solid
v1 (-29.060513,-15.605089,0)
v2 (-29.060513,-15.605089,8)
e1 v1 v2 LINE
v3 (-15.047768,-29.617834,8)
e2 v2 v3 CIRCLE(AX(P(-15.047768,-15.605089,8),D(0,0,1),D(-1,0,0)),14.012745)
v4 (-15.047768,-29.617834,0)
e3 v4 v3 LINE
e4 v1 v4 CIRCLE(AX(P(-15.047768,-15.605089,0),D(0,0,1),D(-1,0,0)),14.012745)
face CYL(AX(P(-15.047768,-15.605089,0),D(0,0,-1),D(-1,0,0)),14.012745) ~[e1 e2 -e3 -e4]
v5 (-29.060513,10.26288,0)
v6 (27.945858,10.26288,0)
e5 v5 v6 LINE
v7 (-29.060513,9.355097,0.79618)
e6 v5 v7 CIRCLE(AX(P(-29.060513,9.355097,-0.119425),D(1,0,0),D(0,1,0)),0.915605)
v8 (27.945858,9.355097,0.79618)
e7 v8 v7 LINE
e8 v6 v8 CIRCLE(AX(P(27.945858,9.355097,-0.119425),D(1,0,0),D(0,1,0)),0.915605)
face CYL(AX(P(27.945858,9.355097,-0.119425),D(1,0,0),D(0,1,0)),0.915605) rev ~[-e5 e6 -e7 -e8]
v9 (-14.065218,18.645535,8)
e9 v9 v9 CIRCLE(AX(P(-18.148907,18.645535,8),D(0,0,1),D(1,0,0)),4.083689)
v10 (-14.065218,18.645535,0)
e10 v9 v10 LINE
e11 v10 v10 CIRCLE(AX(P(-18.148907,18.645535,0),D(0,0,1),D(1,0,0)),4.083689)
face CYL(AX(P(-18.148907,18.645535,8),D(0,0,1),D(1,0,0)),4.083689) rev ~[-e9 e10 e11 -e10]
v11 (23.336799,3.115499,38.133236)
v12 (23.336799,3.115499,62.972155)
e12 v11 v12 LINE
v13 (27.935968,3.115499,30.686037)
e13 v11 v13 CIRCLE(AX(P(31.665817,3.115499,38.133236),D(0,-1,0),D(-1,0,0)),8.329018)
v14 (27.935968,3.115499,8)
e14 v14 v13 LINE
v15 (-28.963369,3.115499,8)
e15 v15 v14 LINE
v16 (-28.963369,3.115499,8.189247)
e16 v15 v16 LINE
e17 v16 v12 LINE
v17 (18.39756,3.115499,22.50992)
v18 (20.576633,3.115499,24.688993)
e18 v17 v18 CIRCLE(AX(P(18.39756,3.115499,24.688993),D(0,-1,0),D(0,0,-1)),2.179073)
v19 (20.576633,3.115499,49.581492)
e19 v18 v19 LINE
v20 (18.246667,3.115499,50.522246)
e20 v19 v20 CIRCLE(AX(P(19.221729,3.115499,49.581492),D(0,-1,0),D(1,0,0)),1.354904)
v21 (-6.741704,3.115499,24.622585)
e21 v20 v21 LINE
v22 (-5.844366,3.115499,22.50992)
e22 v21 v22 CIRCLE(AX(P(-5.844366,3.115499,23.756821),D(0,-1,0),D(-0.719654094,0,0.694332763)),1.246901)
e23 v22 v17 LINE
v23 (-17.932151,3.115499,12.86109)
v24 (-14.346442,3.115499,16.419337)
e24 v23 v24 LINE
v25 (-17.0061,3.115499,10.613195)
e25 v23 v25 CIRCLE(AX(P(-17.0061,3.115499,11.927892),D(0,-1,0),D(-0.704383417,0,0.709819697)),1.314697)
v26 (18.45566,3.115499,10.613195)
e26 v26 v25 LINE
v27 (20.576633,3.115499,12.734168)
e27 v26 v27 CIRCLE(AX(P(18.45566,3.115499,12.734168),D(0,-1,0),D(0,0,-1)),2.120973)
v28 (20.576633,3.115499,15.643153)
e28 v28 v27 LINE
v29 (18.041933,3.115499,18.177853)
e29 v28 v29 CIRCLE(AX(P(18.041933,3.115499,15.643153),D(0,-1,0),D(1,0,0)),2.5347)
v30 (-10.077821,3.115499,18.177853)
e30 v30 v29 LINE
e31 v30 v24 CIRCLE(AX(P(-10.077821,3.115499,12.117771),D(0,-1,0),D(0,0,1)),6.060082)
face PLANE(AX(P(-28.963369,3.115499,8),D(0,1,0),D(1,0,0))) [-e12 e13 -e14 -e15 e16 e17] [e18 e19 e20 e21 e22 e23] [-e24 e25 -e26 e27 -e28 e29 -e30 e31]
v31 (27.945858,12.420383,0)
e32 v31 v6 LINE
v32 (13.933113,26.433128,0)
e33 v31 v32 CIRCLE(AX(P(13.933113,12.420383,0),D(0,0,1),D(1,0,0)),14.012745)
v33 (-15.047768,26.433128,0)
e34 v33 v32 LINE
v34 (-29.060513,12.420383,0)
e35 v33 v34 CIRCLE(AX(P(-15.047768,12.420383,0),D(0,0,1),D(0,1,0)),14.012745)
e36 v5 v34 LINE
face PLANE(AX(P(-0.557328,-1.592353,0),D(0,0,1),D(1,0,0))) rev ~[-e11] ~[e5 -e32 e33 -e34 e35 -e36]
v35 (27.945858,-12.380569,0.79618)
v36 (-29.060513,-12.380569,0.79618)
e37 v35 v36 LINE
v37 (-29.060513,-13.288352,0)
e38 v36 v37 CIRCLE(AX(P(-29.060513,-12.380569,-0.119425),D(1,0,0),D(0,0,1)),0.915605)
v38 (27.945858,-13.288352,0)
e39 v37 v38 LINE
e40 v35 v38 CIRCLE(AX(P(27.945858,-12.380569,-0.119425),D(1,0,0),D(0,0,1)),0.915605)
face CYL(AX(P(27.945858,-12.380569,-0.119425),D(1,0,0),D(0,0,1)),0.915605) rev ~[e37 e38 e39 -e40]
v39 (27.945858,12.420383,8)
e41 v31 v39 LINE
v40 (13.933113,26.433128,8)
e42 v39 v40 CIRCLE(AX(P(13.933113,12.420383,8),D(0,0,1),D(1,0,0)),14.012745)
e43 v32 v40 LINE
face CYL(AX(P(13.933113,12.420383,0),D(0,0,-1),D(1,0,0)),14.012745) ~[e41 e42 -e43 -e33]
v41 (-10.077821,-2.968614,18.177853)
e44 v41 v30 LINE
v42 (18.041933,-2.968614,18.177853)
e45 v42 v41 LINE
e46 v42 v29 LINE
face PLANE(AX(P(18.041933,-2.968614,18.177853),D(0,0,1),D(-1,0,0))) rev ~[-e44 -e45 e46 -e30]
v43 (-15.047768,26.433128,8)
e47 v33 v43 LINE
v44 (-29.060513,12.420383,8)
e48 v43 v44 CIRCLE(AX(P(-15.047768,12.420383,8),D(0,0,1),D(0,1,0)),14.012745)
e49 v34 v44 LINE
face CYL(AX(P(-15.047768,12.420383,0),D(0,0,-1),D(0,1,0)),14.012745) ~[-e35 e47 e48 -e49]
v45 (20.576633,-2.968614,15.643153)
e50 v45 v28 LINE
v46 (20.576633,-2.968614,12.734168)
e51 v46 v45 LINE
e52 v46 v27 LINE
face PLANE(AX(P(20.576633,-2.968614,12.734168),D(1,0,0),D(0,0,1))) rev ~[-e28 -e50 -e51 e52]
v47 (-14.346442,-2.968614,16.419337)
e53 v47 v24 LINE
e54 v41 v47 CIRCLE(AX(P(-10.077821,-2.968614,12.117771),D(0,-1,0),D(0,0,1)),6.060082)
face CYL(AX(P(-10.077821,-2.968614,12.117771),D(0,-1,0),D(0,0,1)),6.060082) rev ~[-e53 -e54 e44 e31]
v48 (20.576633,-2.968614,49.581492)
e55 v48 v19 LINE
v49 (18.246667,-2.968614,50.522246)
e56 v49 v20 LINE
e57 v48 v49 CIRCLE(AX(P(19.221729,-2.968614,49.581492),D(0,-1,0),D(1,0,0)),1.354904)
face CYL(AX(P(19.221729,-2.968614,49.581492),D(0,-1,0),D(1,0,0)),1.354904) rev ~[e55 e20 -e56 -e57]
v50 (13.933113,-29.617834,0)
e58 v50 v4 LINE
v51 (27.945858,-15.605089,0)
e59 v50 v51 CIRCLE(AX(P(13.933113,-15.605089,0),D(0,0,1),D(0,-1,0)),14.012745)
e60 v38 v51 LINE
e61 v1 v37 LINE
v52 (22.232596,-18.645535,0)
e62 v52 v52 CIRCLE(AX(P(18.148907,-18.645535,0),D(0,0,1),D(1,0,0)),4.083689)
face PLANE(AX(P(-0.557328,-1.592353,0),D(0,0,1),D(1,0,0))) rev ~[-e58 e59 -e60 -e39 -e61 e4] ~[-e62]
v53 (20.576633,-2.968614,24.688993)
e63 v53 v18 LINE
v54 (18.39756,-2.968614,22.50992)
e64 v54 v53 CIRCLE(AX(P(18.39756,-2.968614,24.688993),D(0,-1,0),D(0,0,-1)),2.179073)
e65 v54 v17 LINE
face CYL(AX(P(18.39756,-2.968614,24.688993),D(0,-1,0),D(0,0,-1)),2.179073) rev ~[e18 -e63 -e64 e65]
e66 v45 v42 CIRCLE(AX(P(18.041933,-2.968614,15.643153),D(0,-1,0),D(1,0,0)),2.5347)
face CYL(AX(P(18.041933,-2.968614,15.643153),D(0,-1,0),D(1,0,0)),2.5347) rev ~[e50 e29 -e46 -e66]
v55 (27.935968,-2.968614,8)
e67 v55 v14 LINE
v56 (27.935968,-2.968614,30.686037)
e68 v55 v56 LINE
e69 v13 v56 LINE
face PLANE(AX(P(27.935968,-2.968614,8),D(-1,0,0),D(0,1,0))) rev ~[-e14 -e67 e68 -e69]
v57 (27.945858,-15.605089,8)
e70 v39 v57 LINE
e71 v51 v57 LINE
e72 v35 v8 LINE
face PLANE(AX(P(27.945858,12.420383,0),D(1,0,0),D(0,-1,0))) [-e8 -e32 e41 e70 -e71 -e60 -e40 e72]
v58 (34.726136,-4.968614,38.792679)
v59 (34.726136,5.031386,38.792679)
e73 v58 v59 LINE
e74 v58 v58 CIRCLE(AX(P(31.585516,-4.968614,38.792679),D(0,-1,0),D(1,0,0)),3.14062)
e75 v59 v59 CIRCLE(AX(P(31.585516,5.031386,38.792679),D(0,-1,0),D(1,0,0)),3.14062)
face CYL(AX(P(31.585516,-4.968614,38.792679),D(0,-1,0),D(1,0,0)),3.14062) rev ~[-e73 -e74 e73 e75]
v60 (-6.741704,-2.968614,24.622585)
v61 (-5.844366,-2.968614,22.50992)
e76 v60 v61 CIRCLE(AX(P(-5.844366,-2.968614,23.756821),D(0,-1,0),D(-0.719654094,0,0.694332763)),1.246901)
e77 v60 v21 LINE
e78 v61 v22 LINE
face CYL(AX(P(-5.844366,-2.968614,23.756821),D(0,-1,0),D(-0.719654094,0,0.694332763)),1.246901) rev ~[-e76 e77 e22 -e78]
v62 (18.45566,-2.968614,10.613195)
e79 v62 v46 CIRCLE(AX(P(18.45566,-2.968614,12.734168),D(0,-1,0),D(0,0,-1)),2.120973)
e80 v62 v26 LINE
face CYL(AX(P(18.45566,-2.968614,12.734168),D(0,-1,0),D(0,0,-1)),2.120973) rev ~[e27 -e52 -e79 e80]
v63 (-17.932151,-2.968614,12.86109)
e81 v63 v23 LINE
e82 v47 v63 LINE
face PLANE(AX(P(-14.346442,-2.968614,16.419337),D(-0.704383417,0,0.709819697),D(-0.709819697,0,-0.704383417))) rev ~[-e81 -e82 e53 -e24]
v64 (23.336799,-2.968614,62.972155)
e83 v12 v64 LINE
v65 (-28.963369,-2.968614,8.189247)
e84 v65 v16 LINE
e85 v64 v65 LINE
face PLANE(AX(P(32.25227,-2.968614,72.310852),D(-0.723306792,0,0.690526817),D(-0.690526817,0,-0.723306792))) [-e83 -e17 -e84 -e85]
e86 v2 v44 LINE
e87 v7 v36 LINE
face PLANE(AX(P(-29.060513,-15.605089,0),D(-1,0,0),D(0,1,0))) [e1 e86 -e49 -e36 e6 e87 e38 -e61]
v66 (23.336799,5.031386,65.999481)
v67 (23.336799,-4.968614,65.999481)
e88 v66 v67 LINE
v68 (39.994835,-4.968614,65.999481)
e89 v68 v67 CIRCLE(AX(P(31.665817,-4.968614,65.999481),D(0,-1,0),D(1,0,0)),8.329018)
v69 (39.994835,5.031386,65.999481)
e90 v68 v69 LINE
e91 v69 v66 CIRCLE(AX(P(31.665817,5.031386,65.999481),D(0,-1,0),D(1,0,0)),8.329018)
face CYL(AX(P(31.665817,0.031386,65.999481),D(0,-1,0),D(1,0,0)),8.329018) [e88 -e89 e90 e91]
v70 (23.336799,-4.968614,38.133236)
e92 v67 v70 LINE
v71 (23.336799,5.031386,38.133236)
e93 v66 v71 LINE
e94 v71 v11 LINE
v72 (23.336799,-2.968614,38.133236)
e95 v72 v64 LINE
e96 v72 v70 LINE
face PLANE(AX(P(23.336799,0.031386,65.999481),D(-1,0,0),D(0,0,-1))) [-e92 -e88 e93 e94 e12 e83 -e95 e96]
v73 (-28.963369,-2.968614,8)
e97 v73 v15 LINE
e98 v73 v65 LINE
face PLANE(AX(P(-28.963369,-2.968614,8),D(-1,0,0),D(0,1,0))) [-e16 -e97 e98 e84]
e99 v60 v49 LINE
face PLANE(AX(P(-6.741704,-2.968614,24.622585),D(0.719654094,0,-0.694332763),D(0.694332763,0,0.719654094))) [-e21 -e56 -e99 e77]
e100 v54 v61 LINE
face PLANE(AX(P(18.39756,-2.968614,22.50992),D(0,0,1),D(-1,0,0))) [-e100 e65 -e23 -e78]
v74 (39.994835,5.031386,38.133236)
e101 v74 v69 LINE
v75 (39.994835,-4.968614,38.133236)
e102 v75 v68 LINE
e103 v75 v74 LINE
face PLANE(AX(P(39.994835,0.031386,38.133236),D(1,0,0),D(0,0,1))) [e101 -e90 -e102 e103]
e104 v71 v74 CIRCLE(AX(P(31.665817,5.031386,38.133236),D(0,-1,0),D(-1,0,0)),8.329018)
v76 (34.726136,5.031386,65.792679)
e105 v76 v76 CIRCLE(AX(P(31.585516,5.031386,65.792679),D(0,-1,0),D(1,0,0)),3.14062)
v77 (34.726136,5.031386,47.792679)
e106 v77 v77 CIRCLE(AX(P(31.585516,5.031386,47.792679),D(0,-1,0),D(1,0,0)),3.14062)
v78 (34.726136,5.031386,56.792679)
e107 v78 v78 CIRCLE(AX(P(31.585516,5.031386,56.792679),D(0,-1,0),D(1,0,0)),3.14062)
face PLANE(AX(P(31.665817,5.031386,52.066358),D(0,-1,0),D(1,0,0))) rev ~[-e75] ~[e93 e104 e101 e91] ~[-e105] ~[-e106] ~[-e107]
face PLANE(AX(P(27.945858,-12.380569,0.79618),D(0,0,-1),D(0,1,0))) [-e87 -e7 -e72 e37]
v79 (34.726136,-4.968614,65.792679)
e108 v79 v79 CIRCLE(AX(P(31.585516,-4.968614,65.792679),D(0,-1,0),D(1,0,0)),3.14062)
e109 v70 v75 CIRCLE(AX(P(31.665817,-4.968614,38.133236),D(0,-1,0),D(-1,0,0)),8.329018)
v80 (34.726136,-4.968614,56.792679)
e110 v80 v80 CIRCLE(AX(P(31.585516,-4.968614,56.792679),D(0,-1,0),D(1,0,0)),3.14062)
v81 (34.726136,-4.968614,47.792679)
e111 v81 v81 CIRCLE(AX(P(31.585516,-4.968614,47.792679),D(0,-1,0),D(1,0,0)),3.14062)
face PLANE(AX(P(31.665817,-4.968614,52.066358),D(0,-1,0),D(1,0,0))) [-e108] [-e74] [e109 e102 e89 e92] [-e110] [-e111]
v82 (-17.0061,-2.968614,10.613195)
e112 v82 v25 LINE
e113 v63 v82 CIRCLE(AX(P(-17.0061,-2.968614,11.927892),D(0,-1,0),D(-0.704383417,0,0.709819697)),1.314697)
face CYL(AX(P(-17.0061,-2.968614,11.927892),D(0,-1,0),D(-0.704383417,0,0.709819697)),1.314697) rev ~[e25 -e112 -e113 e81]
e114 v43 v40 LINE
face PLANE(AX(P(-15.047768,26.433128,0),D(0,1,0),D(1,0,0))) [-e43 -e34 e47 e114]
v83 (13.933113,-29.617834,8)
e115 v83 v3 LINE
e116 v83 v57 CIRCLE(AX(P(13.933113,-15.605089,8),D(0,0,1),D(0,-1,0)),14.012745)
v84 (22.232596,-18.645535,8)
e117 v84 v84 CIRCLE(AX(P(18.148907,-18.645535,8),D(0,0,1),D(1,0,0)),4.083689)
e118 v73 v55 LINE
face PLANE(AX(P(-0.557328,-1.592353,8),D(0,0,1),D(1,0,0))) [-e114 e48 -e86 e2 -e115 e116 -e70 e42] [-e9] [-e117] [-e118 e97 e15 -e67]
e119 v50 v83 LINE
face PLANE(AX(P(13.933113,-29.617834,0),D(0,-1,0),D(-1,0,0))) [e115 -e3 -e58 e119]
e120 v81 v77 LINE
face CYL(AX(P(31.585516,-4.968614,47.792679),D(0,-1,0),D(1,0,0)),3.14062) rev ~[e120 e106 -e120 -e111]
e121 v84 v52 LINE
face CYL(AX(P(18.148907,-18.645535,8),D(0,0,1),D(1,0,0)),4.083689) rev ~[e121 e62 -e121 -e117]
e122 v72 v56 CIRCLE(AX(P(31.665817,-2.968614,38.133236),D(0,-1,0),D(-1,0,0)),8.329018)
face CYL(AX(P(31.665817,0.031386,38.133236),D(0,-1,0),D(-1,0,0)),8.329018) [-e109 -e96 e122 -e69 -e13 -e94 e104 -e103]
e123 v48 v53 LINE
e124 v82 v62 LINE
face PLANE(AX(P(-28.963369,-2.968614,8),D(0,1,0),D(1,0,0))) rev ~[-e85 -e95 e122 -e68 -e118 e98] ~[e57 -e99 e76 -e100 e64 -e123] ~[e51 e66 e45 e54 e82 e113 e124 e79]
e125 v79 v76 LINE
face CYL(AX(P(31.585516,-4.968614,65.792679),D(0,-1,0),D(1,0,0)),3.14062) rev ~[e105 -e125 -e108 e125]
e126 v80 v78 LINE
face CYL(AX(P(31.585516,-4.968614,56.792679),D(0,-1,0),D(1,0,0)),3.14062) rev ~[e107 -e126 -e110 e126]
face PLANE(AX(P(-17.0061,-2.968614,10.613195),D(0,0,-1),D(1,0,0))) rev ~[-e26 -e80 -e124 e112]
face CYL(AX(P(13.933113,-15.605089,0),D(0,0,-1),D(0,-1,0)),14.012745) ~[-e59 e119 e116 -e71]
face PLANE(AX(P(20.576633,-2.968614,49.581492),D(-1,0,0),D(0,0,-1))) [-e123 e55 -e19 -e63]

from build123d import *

# Parameters (mm, degrees)
PAD_DEPTH       = 8
POCKET_DEPTH    = 57.0073705793
SKETCH002_R     = 4.0836886852
POCKET001_DEPTH = 8.001
SKETCH003_W     = 56.899337
SKETCH003_H     = 6.084113
PAD001_DEPTH    = 60
POCKET002_DEPTH = 29.4027415793
POCKET003_DEPTH = 29.4027415793
PAD002_DEPTH    = 5
SKETCH007_R     = 3.14062
POCKET004_DEPTH = 31.4027415793


with BuildPart() as part:
    # Sketch → Pad (new body)
    with BuildSketch(Plane.XY):
        with BuildLine():
            ThreePointArc((-15.0477684207, 26.4331275793), (-24.9562751358, 22.3288897151), (-29.060513, 12.420383))
            Line((-29.060513, -15.6050894207), (-29.060513, 12.420383))
            ThreePointArc((-29.060513, -15.6050894207), (-24.9562751358, -25.5135961358), (-15.0477684207, -29.617834))
            Line((13.933113, -29.617834), (-15.0477684207, -29.617834))
            ThreePointArc((13.933113, -29.617834), (23.841619715, -25.5135961358), (27.9458575793, -15.6050894207))
            Line((27.9458575793, 12.420383), (27.9458575793, -15.6050894207))
            ThreePointArc((27.9458575793, 12.420383), (23.8416197151, 22.3288897151), (13.933113, 26.4331275793))
            Line((-15.0477684207, 26.4331275793), (13.933113, 26.4331275793))
        make_face()
    extrude(amount=PAD_DEPTH)

    # Sketch001 (on Face6 of Pad) → Pocket (cut, through all)
    with BuildSketch(Plane.YZ.offset(27.9458575793)):
        with BuildLine():
            ThreePointArc((-12.380569, 0.7961803172), (-13.0279997287, 0.5280057287), (-13.2961743172, -0.119425))
            Line((-13.2961743172, -1.9506356828), (-13.2961743172, -0.119425))
            ThreePointArc((-13.2961743172, -1.9506356828), (-13.0279997287, -2.5980664115), (-12.380569, -2.866241))
            Line((9.355097, -2.866241), (-12.380569, -2.866241))
            ThreePointArc((9.355097, -2.866241), (10.0025277287, -2.5980664115), (10.2707023172, -1.9506356828))
            Line((10.2707023172, -0.119425), (10.2707023172, -1.9506356828))
            ThreePointArc((10.2707023172, -0.119425), (10.0025277287, 0.5280057287), (9.355097, 0.7961803172))
            Line((-12.380569, 0.7961803172), (9.355097, 0.7961803172))
        make_face()
    extrude(amount=-POCKET_DEPTH, mode=Mode.SUBTRACT)

    # Sketch002 (on Face5 of Pocket) → Pocket001 (cut, through all)
    with BuildSketch(Plane.XY.offset(8)):
        with Locations((-18.148907, 18.645535)):
            Circle(SKETCH002_R)
        with Locations((18.148907, -18.645535)):
            Circle(SKETCH002_R)
    extrude(amount=-POCKET001_DEPTH, mode=Mode.SUBTRACT)

    # Sketch003 (on Face5 of Pocket001) → Pad001 (join)
    with BuildSketch(Plane.XY.offset(8)):
        with Locations((-0.5137005, 0.0734425)):
            Rectangle(SKETCH003_W, SKETCH003_H)
    extrude(amount=PAD001_DEPTH)

    # Sketch004 (on Face18 of Pad001) → Pocket002 (cut, through all)
    with BuildSketch(Plane.XZ.offset(2.968614)):
        Polygon((32.25227, 72.310852), (-33.045937, 3.912876), (-33.045937, 72.310852), align=None)
    extrude(amount=-POCKET002_DEPTH, mode=Mode.SUBTRACT)

    # Sketch005 (on Face18 of Pocket002) → Pocket003 (cut, through all)
    with BuildSketch(Plane.XZ.offset(2.968614)):
        with BuildLine():
            Line((20.576633, 49.5814919899), (20.576633, 24.688993))
            ThreePointArc((18.39756, 22.50992), (19.938397295, 23.148155705), (20.576633, 24.688993))
            Line((18.39756, 22.50992), (-5.8443663857, 22.50992))
            ThreePointArc((-6.7417037948, 24.6225852162), (-6.992034537, 23.2693582646), (-5.8443663857, 22.50992))
            Line((-6.7417037948, 24.6225852162), (18.2466667899, 50.5222462275))
            ThreePointArc((20.576633, 49.5814919899), (19.7290007026, 50.837851918), (18.2466667899, 50.5222462275))
        make_face()
        with BuildLine():
            Line((-14.3464422841, 16.4193365685), (-17.9321506281, 12.8610900081))
            ThreePointArc((-17.9321506281, 12.8610900081), (-18.2216862616, 11.4271148765), (-17.0060998632, 10.6131951821))
            Line((-17.0060998632, 10.6131951821), (18.45566, 10.6131951821))
            ThreePointArc((18.45566, 10.6131951821), (19.955414391, 11.234413791), (20.576633, 12.7341681821))
            Line((20.576633, 12.7341681821), (20.576633, 15.643153))
            ThreePointArc((20.576633, 15.643153), (19.8342365583, 17.4354565583), (18.041933, 18.177853))
            Line((18.041933, 18.177853), (-10.0778210188, 18.177853))
            ThreePointArc((-10.0778210188, 18.177853), (-12.3861487439, 17.7210037241), (-14.3464422841, 16.4193365685))
        make_face()
    extrude(amount=-POCKET003_DEPTH, mode=Mode.SUBTRACT)

    # Sketch006 (on Face18 of Pocket003) → Pad002 (join, symmetric)
    with BuildSketch(Plane.XZ.offset(-0.031386)):
        with BuildLine():
            ThreePointArc((39.9948353179, 65.999481), (31.665817, 74.3284993179), (23.3367986821, 65.999481))
            Line((23.3367986821, 65.999481), (23.3367986821, 38.133236))
            ThreePointArc((23.3367986821, 38.133236), (31.665817, 29.8042176821), (39.9948353179, 38.133236))
            Line((39.9948353179, 38.133236), (39.9948353179, 65.999481))
        make_face()
    extrude(amount=PAD002_DEPTH, both=True)

    # Sketch007 (on Face39 of Pad002) → Pocket004 (cut, through all)
    with BuildSketch(Plane.XZ.offset(4.968614)):
        with Locations((31.585516, 65.792679)):
            Circle(SKETCH007_R)
        with Locations((31.585516, 56.792679)):
            Circle(SKETCH007_R)
        with Locations((31.585516, 47.792679)):
            Circle(SKETCH007_R)
        with Locations((31.585516, 38.792679)):
            Circle(SKETCH007_R)
    extrude(amount=-POCKET004_DEPTH, mode=Mode.SUBTRACT)


solid = part.part
